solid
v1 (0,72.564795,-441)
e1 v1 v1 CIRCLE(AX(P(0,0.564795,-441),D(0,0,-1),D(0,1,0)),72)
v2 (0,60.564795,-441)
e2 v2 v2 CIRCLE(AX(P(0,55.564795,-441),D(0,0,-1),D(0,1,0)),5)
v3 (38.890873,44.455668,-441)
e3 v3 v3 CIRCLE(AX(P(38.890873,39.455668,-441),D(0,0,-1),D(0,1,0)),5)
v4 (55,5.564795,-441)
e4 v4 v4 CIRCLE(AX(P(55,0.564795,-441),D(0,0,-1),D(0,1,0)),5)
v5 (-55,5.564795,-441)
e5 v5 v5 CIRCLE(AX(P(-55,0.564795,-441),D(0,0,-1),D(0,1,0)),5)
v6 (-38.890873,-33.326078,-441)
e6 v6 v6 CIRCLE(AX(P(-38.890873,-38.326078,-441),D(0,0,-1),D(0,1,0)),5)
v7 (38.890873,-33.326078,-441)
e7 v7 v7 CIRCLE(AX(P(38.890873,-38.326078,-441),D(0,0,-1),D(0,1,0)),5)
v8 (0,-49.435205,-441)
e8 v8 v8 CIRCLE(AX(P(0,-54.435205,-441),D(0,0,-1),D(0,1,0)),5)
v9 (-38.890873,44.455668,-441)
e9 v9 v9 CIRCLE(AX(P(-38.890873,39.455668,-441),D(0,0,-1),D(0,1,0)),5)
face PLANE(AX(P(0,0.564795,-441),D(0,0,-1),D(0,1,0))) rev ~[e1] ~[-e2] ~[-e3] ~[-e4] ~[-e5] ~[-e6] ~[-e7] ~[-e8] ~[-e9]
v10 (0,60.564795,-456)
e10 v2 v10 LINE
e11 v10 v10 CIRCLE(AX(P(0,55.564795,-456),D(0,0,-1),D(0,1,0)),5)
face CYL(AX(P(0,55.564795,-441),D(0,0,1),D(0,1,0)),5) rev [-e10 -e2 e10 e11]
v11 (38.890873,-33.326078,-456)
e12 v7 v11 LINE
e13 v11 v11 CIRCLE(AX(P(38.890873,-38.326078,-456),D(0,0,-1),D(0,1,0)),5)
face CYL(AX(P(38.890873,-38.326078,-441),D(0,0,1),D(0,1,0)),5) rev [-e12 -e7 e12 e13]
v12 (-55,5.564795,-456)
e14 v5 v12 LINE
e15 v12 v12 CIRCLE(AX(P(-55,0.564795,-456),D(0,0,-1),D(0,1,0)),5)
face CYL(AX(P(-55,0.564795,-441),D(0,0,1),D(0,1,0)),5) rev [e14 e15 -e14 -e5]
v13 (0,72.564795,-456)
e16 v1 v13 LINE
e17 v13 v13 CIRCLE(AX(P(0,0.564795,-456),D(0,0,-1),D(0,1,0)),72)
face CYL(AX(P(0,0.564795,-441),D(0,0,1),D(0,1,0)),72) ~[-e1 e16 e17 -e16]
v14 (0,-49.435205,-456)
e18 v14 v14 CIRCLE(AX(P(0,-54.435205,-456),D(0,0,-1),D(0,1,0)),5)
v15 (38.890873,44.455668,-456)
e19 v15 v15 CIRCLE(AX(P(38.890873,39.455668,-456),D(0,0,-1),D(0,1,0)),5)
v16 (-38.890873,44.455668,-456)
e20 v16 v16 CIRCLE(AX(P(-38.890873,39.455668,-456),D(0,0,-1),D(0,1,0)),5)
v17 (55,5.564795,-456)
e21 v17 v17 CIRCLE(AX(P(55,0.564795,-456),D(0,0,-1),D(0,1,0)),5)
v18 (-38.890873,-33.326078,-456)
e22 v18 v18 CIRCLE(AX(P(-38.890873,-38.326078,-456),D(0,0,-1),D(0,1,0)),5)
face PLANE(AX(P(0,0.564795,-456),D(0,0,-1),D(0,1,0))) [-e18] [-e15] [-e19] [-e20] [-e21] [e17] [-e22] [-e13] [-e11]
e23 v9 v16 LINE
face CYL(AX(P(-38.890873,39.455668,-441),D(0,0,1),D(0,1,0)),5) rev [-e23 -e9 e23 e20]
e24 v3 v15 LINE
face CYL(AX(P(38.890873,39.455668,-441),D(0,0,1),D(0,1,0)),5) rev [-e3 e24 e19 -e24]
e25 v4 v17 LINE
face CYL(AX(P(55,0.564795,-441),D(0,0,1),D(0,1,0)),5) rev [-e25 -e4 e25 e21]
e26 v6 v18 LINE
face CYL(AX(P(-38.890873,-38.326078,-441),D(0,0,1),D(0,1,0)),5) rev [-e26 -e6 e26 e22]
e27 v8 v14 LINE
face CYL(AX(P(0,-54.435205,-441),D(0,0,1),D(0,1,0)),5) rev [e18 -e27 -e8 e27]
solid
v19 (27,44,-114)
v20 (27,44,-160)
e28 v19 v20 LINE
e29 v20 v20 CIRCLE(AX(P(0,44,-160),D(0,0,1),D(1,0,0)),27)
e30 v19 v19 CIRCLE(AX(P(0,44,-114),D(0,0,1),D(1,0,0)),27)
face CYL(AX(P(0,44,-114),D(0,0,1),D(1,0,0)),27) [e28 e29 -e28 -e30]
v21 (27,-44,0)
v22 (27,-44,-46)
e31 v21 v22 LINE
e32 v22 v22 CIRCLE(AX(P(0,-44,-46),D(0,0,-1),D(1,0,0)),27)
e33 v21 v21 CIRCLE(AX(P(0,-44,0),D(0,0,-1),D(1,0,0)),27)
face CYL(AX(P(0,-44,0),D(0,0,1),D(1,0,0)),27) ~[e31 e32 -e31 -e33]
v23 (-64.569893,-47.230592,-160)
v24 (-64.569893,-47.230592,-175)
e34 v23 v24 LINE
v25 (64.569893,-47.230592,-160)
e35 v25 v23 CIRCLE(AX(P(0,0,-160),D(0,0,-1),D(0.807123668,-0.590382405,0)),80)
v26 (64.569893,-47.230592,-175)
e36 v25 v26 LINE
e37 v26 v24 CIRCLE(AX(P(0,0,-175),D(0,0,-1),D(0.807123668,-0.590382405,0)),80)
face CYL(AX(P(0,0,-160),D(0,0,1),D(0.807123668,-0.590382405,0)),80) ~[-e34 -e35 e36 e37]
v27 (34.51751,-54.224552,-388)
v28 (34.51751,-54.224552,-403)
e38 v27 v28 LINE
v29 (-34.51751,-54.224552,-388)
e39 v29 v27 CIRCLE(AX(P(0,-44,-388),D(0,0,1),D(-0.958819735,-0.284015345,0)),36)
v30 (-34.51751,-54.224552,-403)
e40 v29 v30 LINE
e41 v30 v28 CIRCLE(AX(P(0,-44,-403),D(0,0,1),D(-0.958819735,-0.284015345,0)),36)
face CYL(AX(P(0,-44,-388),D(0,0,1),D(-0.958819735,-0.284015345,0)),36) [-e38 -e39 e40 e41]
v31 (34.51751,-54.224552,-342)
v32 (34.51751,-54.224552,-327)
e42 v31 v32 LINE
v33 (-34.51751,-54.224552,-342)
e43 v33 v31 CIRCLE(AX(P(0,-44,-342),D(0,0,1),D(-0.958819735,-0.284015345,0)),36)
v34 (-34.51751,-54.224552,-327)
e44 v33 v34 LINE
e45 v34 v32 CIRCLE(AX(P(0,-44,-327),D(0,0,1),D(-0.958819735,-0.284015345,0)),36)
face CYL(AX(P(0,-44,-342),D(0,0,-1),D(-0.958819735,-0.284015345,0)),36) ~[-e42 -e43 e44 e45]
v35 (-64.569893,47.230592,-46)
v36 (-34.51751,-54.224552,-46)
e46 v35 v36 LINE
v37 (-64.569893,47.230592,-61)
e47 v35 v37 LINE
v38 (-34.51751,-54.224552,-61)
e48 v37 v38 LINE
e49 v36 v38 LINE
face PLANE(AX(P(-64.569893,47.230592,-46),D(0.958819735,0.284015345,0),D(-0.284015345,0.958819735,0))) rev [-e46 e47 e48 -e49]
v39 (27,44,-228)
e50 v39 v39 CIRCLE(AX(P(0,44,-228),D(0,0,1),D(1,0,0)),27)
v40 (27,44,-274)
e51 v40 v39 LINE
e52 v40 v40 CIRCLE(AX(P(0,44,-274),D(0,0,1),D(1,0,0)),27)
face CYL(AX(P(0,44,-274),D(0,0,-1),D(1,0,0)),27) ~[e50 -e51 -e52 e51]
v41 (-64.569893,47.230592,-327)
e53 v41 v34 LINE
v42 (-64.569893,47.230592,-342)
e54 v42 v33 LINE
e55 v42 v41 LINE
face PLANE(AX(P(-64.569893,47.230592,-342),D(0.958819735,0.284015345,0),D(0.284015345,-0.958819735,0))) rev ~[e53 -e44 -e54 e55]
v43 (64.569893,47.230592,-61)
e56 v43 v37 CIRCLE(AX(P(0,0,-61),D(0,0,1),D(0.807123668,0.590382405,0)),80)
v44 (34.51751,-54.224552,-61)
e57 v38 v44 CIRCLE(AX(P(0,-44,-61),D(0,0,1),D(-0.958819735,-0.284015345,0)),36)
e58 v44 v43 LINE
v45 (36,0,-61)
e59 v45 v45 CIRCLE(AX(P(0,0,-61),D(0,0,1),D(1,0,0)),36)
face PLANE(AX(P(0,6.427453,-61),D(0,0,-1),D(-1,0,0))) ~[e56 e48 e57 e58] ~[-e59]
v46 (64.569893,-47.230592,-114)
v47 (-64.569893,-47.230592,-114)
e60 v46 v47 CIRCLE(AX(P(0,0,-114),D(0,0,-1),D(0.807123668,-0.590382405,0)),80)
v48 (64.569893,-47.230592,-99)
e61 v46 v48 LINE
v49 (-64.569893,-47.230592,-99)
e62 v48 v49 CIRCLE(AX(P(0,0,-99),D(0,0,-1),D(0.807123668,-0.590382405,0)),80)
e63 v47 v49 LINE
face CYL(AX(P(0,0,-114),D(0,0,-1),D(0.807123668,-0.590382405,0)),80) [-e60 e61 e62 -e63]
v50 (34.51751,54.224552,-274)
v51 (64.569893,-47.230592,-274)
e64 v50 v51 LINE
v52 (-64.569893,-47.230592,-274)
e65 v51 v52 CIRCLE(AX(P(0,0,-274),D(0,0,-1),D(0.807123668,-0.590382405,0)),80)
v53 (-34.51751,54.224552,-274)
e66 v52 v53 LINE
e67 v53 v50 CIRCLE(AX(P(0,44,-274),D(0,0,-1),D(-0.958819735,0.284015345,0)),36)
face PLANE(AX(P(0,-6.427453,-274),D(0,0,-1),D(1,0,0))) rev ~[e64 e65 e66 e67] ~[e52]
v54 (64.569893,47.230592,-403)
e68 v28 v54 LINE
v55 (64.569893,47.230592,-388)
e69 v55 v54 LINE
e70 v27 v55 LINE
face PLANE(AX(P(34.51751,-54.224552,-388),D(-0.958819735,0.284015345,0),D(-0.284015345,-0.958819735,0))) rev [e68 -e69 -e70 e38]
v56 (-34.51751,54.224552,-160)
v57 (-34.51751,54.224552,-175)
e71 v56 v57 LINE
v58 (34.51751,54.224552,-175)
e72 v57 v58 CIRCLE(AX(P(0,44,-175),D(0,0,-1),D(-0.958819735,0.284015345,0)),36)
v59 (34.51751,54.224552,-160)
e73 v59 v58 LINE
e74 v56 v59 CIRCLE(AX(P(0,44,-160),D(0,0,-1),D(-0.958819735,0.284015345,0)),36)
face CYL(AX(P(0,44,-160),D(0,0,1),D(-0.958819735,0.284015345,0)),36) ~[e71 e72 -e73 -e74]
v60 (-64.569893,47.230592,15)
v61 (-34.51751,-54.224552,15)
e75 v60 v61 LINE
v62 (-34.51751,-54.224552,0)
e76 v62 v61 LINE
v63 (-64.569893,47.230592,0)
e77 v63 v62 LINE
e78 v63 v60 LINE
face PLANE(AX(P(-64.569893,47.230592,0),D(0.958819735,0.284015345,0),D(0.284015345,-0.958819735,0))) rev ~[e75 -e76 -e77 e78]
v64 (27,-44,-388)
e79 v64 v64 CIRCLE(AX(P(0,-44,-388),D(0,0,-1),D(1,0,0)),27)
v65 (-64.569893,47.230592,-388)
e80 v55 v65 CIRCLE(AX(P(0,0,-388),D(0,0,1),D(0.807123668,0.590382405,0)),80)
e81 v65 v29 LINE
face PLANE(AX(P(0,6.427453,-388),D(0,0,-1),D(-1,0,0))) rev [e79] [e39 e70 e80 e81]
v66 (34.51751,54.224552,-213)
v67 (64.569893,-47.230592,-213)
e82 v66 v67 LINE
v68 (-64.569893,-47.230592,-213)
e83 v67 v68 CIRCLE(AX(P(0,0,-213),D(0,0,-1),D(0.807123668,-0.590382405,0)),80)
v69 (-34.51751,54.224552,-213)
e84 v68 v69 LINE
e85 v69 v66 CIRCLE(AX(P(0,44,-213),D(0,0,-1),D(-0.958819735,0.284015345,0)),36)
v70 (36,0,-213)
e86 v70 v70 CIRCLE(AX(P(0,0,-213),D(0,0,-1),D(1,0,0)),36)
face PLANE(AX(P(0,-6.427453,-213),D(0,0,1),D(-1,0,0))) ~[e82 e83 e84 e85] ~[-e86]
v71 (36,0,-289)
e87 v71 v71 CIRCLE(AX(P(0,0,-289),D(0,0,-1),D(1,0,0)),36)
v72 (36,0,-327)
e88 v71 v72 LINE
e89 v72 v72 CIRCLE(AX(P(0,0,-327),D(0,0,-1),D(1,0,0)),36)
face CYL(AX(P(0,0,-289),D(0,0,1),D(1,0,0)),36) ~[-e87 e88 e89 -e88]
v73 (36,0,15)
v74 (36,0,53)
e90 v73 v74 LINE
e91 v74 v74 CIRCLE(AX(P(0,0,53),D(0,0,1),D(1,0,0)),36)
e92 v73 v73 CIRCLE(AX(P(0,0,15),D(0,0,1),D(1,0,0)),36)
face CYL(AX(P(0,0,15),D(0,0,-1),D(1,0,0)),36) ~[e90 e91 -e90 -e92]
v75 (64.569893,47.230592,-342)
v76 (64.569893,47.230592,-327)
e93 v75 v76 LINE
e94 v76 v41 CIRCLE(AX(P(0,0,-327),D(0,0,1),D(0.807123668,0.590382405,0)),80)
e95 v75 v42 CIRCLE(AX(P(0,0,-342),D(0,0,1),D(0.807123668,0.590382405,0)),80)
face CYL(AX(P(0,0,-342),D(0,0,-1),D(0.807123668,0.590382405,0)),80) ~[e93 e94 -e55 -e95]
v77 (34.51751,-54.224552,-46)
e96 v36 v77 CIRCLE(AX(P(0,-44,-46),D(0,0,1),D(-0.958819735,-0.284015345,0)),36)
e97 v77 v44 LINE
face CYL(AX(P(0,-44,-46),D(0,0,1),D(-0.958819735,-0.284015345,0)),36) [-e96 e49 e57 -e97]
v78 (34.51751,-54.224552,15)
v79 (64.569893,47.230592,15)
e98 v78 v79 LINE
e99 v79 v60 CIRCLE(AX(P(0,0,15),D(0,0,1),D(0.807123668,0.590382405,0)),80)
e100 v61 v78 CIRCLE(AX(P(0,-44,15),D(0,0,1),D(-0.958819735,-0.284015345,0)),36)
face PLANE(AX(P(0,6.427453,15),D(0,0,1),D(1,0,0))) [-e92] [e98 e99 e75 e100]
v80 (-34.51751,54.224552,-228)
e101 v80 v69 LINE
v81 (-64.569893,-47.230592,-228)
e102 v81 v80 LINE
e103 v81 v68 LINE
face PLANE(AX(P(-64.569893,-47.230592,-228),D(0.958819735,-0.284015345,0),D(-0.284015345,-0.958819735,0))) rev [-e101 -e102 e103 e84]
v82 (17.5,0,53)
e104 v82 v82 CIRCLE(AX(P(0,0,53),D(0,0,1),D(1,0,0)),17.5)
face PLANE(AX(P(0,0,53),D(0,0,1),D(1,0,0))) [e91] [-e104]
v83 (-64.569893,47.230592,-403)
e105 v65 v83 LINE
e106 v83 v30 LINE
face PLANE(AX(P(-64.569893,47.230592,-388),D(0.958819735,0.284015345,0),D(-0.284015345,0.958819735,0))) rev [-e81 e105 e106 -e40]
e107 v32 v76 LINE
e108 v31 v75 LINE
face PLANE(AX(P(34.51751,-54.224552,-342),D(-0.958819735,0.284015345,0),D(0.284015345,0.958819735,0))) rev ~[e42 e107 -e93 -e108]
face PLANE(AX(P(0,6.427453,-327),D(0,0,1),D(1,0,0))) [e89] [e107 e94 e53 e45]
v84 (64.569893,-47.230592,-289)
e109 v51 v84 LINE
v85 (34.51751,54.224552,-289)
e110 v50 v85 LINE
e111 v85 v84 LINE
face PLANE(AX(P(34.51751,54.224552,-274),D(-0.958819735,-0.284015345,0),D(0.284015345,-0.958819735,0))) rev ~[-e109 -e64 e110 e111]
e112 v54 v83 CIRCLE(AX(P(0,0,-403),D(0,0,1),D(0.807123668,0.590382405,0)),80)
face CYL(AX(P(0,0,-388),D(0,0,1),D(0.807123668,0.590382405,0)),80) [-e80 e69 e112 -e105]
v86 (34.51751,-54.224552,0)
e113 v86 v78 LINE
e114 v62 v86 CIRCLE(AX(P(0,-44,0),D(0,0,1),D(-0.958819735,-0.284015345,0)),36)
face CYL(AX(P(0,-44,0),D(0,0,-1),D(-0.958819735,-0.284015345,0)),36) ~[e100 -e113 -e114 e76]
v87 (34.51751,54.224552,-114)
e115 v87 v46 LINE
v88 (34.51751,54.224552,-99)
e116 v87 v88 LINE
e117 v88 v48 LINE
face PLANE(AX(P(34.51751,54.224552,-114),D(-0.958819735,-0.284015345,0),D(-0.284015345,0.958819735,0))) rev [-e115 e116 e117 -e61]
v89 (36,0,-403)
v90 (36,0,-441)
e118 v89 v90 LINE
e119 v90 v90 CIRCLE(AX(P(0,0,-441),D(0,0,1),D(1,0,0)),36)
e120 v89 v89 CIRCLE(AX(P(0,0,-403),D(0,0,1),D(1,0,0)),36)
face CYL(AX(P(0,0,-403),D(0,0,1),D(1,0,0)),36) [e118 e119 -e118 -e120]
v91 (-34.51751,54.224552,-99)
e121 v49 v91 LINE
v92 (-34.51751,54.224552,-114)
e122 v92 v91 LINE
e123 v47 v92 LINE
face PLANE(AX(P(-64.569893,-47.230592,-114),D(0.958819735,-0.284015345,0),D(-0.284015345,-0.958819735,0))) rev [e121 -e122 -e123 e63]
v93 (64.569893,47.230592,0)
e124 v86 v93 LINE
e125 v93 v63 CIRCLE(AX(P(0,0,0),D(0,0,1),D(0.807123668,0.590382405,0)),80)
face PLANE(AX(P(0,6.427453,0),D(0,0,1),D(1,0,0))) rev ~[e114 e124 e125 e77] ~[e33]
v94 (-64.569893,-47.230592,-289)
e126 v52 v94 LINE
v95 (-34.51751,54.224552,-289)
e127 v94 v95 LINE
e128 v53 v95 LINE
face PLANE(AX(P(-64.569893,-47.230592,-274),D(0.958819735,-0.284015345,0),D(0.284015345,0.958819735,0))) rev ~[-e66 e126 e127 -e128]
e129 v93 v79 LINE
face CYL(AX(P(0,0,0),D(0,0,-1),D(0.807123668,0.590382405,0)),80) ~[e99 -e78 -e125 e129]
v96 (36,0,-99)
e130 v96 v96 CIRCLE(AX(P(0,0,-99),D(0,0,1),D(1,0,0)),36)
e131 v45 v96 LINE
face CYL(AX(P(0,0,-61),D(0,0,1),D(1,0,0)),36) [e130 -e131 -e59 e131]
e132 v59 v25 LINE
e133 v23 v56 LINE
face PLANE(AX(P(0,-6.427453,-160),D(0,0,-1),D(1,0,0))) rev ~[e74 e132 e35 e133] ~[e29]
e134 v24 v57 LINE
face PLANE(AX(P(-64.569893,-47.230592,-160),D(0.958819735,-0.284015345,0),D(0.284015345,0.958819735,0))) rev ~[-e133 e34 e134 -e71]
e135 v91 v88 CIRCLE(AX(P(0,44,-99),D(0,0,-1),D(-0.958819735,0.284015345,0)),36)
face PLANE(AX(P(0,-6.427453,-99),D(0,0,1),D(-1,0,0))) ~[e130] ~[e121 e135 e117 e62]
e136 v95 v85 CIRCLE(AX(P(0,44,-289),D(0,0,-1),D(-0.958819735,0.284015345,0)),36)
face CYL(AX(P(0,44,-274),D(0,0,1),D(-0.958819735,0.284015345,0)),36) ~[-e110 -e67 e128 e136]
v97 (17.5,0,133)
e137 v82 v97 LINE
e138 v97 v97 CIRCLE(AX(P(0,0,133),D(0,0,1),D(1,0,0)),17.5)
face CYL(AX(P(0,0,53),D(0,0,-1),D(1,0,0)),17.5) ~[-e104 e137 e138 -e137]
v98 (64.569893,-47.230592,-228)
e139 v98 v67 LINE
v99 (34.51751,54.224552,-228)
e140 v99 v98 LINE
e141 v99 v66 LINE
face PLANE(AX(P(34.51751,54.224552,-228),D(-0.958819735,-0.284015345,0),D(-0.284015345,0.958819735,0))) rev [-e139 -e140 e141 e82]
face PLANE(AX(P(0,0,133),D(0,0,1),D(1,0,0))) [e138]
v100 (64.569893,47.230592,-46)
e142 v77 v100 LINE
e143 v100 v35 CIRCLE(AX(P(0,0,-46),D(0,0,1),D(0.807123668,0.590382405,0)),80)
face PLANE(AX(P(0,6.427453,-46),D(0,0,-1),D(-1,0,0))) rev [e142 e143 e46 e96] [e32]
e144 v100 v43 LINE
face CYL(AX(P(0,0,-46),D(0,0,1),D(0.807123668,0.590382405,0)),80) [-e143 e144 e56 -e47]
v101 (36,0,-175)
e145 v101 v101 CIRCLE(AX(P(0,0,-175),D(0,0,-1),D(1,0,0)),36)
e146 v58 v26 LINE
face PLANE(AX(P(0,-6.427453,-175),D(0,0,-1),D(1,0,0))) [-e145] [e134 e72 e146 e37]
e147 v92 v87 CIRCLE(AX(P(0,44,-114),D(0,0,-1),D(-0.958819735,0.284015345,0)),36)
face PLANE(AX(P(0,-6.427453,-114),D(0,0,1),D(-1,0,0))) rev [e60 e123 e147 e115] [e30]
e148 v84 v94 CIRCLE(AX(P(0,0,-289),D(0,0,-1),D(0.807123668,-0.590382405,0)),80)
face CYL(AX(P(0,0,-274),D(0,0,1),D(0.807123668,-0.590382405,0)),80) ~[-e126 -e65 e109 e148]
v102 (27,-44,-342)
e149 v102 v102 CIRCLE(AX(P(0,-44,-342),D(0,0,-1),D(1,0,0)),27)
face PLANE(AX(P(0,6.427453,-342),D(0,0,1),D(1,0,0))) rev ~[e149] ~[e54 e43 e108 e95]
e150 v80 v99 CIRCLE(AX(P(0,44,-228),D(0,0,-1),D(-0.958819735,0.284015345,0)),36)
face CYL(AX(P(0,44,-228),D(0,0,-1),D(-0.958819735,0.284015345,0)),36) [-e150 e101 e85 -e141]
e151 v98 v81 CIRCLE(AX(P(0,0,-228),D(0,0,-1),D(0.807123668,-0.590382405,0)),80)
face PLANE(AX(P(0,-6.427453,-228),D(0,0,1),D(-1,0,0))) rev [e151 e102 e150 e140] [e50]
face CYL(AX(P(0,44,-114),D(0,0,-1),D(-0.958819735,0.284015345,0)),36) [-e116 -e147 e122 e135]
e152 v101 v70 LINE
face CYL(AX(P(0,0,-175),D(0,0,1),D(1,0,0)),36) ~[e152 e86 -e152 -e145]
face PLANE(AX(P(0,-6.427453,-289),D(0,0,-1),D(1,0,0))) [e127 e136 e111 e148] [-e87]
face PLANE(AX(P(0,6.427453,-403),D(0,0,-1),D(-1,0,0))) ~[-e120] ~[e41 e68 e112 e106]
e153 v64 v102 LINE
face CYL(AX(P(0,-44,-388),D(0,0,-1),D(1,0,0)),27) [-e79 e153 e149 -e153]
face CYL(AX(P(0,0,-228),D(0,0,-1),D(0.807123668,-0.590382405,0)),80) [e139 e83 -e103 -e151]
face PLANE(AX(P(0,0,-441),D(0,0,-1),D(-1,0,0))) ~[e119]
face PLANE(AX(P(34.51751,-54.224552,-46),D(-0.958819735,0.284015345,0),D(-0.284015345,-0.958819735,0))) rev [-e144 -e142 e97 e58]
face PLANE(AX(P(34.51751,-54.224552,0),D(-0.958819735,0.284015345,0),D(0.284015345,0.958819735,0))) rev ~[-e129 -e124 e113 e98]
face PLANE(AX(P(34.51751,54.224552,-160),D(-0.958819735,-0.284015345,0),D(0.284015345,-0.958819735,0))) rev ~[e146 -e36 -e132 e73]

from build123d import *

# Parameters (mm, degrees)
BOSS_EXTRUDE1_DEPTH   = 15
SKETCH2_R             = 27
BOSS_EXTRUDE2_DEPTH   = 46
SKETCH3_R             = 36
BOSS_EXTRUDE3_DEPTH   = 38
BODY_MOVE_COPY1_ANGLE = 180
SKETCH4_R             = 17.5
BOSS_EXTRUDE4_DEPTH   = 80
SKETCH6_R             = 72
SKETCH6_R_2           = 5
BOSS_EXTRUDE5_DEPTH   = 15


with BuildPart() as part:
    # Sketch1 → Boss-Extrude1 (new body)
    with BuildSketch(Plane.XY):
        with BuildLine():
            ThreePointArc((64.569893475, 47.23059238), (0, 80), (-64.569893475, 47.23059238))
            Line((-64.569893475, 47.23059238), (-34.517510455, -54.224552409))
            ThreePointArc((-34.517510455, -54.224552409), (0, -80), (34.517510455, -54.224552409))
            Line((34.517510455, -54.224552409), (64.569893475, 47.23059238))
        make_face()
    boss_extrude1 = extrude(amount=BOSS_EXTRUDE1_DEPTH)

    # Sketch2 → Boss-Extrude2 (add)
    with BuildSketch(Plane(origin=(0, 0, 0), x_dir=(-1, 0, 0), z_dir=(0, 0, -1))):
        with Locations((0, -44)):
            Circle(SKETCH2_R)
    extrude(amount=BOSS_EXTRUDE2_DEPTH)

    # Sketch3 → Boss-Extrude3 (add)
    with BuildSketch(Plane.XY.offset(15)):
        Circle(SKETCH3_R)
    boss_extrude3 = extrude(amount=BOSS_EXTRUDE3_DEPTH)

    # Mirror1: Boss-Extrude1, Boss-Extrude3 across plane
    add(boss_extrude1.mirror(Plane(origin=(0, 0, -23), x_dir=(1, 0, 0), z_dir=(0, 0, -1))))
    add(boss_extrude3.mirror(Plane(origin=(0, 0, -23), x_dir=(1, 0, 0), z_dir=(0, 0, -1))))


with BuildPart() as body_2:
    # Mirror3: mirrored copy
    add(part.part.mirror(Plane(origin=(0, 0, -80), x_dir=(1, 0, 0), z_dir=(0, 0, -1))))


with BuildPart() as body_2_1:
    # Body-Move/Copy1: moved
    add(body_2.part.rotate(Axis((0, 0, -137), (1, 0, 0)), BODY_MOVE_COPY1_ANGLE))


with BuildPart() as body_3:
    # Mirror4: mirrored copy
    add(part.part.mirror(Plane(origin=(0, 0, -194), x_dir=(1, 0, 0), z_dir=(0, 0, -1))))


with BuildPart() as body_4:
    # Mirror4 2: mirrored copy
    add(body_2_1.part.mirror(Plane(origin=(0, 0, -194), x_dir=(1, 0, 0), z_dir=(0, 0, -1))))


with BuildPart() as part_1:
    add(part.part)

    # Sketch4 → Boss-Extrude4 (add)
    with BuildSketch(Plane.XY.offset(53)):
        Circle(SKETCH4_R)
    extrude(amount=BOSS_EXTRUDE4_DEPTH)

    # Combine1: union body 2, body 4, body 3
    add(body_2_1.part)
    add(body_4.part)
    add(body_3.part)


with BuildPart() as body_5:
    # Sketch6 → Boss-Extrude5 (new body)
    with BuildSketch(Plane(origin=(0, 0, -441), x_dir=(-1, 0, 0), z_dir=(0, 0, -1))):
        with Locations((0, 0.564795364)):
            Circle(SKETCH6_R)
        with Locations((0, 55.564795364)):
            Circle(SKETCH6_R_2, mode=Mode.SUBTRACT)
        with Locations((38.890872965, 39.455668329)):
            Circle(SKETCH6_R_2, mode=Mode.SUBTRACT)
        with Locations((55, 0.564795364)):
            Circle(SKETCH6_R_2, mode=Mode.SUBTRACT)
        with Locations((38.890872965, -38.326077602)):
            Circle(SKETCH6_R_2, mode=Mode.SUBTRACT)
        with Locations((0, -54.435204636)):
            Circle(SKETCH6_R_2, mode=Mode.SUBTRACT)
        with Locations((-38.890872965, -38.326077602)):
            Circle(SKETCH6_R_2, mode=Mode.SUBTRACT)
        with Locations((-55, 0.564795364)):
            Circle(SKETCH6_R_2, mode=Mode.SUBTRACT)
        with Locations((-38.890872965, 39.455668329)):
            Circle(SKETCH6_R_2, mode=Mode.SUBTRACT)
    extrude(amount=BOSS_EXTRUDE5_DEPTH)


solid = Compound([part_1.part, body_5.part])
